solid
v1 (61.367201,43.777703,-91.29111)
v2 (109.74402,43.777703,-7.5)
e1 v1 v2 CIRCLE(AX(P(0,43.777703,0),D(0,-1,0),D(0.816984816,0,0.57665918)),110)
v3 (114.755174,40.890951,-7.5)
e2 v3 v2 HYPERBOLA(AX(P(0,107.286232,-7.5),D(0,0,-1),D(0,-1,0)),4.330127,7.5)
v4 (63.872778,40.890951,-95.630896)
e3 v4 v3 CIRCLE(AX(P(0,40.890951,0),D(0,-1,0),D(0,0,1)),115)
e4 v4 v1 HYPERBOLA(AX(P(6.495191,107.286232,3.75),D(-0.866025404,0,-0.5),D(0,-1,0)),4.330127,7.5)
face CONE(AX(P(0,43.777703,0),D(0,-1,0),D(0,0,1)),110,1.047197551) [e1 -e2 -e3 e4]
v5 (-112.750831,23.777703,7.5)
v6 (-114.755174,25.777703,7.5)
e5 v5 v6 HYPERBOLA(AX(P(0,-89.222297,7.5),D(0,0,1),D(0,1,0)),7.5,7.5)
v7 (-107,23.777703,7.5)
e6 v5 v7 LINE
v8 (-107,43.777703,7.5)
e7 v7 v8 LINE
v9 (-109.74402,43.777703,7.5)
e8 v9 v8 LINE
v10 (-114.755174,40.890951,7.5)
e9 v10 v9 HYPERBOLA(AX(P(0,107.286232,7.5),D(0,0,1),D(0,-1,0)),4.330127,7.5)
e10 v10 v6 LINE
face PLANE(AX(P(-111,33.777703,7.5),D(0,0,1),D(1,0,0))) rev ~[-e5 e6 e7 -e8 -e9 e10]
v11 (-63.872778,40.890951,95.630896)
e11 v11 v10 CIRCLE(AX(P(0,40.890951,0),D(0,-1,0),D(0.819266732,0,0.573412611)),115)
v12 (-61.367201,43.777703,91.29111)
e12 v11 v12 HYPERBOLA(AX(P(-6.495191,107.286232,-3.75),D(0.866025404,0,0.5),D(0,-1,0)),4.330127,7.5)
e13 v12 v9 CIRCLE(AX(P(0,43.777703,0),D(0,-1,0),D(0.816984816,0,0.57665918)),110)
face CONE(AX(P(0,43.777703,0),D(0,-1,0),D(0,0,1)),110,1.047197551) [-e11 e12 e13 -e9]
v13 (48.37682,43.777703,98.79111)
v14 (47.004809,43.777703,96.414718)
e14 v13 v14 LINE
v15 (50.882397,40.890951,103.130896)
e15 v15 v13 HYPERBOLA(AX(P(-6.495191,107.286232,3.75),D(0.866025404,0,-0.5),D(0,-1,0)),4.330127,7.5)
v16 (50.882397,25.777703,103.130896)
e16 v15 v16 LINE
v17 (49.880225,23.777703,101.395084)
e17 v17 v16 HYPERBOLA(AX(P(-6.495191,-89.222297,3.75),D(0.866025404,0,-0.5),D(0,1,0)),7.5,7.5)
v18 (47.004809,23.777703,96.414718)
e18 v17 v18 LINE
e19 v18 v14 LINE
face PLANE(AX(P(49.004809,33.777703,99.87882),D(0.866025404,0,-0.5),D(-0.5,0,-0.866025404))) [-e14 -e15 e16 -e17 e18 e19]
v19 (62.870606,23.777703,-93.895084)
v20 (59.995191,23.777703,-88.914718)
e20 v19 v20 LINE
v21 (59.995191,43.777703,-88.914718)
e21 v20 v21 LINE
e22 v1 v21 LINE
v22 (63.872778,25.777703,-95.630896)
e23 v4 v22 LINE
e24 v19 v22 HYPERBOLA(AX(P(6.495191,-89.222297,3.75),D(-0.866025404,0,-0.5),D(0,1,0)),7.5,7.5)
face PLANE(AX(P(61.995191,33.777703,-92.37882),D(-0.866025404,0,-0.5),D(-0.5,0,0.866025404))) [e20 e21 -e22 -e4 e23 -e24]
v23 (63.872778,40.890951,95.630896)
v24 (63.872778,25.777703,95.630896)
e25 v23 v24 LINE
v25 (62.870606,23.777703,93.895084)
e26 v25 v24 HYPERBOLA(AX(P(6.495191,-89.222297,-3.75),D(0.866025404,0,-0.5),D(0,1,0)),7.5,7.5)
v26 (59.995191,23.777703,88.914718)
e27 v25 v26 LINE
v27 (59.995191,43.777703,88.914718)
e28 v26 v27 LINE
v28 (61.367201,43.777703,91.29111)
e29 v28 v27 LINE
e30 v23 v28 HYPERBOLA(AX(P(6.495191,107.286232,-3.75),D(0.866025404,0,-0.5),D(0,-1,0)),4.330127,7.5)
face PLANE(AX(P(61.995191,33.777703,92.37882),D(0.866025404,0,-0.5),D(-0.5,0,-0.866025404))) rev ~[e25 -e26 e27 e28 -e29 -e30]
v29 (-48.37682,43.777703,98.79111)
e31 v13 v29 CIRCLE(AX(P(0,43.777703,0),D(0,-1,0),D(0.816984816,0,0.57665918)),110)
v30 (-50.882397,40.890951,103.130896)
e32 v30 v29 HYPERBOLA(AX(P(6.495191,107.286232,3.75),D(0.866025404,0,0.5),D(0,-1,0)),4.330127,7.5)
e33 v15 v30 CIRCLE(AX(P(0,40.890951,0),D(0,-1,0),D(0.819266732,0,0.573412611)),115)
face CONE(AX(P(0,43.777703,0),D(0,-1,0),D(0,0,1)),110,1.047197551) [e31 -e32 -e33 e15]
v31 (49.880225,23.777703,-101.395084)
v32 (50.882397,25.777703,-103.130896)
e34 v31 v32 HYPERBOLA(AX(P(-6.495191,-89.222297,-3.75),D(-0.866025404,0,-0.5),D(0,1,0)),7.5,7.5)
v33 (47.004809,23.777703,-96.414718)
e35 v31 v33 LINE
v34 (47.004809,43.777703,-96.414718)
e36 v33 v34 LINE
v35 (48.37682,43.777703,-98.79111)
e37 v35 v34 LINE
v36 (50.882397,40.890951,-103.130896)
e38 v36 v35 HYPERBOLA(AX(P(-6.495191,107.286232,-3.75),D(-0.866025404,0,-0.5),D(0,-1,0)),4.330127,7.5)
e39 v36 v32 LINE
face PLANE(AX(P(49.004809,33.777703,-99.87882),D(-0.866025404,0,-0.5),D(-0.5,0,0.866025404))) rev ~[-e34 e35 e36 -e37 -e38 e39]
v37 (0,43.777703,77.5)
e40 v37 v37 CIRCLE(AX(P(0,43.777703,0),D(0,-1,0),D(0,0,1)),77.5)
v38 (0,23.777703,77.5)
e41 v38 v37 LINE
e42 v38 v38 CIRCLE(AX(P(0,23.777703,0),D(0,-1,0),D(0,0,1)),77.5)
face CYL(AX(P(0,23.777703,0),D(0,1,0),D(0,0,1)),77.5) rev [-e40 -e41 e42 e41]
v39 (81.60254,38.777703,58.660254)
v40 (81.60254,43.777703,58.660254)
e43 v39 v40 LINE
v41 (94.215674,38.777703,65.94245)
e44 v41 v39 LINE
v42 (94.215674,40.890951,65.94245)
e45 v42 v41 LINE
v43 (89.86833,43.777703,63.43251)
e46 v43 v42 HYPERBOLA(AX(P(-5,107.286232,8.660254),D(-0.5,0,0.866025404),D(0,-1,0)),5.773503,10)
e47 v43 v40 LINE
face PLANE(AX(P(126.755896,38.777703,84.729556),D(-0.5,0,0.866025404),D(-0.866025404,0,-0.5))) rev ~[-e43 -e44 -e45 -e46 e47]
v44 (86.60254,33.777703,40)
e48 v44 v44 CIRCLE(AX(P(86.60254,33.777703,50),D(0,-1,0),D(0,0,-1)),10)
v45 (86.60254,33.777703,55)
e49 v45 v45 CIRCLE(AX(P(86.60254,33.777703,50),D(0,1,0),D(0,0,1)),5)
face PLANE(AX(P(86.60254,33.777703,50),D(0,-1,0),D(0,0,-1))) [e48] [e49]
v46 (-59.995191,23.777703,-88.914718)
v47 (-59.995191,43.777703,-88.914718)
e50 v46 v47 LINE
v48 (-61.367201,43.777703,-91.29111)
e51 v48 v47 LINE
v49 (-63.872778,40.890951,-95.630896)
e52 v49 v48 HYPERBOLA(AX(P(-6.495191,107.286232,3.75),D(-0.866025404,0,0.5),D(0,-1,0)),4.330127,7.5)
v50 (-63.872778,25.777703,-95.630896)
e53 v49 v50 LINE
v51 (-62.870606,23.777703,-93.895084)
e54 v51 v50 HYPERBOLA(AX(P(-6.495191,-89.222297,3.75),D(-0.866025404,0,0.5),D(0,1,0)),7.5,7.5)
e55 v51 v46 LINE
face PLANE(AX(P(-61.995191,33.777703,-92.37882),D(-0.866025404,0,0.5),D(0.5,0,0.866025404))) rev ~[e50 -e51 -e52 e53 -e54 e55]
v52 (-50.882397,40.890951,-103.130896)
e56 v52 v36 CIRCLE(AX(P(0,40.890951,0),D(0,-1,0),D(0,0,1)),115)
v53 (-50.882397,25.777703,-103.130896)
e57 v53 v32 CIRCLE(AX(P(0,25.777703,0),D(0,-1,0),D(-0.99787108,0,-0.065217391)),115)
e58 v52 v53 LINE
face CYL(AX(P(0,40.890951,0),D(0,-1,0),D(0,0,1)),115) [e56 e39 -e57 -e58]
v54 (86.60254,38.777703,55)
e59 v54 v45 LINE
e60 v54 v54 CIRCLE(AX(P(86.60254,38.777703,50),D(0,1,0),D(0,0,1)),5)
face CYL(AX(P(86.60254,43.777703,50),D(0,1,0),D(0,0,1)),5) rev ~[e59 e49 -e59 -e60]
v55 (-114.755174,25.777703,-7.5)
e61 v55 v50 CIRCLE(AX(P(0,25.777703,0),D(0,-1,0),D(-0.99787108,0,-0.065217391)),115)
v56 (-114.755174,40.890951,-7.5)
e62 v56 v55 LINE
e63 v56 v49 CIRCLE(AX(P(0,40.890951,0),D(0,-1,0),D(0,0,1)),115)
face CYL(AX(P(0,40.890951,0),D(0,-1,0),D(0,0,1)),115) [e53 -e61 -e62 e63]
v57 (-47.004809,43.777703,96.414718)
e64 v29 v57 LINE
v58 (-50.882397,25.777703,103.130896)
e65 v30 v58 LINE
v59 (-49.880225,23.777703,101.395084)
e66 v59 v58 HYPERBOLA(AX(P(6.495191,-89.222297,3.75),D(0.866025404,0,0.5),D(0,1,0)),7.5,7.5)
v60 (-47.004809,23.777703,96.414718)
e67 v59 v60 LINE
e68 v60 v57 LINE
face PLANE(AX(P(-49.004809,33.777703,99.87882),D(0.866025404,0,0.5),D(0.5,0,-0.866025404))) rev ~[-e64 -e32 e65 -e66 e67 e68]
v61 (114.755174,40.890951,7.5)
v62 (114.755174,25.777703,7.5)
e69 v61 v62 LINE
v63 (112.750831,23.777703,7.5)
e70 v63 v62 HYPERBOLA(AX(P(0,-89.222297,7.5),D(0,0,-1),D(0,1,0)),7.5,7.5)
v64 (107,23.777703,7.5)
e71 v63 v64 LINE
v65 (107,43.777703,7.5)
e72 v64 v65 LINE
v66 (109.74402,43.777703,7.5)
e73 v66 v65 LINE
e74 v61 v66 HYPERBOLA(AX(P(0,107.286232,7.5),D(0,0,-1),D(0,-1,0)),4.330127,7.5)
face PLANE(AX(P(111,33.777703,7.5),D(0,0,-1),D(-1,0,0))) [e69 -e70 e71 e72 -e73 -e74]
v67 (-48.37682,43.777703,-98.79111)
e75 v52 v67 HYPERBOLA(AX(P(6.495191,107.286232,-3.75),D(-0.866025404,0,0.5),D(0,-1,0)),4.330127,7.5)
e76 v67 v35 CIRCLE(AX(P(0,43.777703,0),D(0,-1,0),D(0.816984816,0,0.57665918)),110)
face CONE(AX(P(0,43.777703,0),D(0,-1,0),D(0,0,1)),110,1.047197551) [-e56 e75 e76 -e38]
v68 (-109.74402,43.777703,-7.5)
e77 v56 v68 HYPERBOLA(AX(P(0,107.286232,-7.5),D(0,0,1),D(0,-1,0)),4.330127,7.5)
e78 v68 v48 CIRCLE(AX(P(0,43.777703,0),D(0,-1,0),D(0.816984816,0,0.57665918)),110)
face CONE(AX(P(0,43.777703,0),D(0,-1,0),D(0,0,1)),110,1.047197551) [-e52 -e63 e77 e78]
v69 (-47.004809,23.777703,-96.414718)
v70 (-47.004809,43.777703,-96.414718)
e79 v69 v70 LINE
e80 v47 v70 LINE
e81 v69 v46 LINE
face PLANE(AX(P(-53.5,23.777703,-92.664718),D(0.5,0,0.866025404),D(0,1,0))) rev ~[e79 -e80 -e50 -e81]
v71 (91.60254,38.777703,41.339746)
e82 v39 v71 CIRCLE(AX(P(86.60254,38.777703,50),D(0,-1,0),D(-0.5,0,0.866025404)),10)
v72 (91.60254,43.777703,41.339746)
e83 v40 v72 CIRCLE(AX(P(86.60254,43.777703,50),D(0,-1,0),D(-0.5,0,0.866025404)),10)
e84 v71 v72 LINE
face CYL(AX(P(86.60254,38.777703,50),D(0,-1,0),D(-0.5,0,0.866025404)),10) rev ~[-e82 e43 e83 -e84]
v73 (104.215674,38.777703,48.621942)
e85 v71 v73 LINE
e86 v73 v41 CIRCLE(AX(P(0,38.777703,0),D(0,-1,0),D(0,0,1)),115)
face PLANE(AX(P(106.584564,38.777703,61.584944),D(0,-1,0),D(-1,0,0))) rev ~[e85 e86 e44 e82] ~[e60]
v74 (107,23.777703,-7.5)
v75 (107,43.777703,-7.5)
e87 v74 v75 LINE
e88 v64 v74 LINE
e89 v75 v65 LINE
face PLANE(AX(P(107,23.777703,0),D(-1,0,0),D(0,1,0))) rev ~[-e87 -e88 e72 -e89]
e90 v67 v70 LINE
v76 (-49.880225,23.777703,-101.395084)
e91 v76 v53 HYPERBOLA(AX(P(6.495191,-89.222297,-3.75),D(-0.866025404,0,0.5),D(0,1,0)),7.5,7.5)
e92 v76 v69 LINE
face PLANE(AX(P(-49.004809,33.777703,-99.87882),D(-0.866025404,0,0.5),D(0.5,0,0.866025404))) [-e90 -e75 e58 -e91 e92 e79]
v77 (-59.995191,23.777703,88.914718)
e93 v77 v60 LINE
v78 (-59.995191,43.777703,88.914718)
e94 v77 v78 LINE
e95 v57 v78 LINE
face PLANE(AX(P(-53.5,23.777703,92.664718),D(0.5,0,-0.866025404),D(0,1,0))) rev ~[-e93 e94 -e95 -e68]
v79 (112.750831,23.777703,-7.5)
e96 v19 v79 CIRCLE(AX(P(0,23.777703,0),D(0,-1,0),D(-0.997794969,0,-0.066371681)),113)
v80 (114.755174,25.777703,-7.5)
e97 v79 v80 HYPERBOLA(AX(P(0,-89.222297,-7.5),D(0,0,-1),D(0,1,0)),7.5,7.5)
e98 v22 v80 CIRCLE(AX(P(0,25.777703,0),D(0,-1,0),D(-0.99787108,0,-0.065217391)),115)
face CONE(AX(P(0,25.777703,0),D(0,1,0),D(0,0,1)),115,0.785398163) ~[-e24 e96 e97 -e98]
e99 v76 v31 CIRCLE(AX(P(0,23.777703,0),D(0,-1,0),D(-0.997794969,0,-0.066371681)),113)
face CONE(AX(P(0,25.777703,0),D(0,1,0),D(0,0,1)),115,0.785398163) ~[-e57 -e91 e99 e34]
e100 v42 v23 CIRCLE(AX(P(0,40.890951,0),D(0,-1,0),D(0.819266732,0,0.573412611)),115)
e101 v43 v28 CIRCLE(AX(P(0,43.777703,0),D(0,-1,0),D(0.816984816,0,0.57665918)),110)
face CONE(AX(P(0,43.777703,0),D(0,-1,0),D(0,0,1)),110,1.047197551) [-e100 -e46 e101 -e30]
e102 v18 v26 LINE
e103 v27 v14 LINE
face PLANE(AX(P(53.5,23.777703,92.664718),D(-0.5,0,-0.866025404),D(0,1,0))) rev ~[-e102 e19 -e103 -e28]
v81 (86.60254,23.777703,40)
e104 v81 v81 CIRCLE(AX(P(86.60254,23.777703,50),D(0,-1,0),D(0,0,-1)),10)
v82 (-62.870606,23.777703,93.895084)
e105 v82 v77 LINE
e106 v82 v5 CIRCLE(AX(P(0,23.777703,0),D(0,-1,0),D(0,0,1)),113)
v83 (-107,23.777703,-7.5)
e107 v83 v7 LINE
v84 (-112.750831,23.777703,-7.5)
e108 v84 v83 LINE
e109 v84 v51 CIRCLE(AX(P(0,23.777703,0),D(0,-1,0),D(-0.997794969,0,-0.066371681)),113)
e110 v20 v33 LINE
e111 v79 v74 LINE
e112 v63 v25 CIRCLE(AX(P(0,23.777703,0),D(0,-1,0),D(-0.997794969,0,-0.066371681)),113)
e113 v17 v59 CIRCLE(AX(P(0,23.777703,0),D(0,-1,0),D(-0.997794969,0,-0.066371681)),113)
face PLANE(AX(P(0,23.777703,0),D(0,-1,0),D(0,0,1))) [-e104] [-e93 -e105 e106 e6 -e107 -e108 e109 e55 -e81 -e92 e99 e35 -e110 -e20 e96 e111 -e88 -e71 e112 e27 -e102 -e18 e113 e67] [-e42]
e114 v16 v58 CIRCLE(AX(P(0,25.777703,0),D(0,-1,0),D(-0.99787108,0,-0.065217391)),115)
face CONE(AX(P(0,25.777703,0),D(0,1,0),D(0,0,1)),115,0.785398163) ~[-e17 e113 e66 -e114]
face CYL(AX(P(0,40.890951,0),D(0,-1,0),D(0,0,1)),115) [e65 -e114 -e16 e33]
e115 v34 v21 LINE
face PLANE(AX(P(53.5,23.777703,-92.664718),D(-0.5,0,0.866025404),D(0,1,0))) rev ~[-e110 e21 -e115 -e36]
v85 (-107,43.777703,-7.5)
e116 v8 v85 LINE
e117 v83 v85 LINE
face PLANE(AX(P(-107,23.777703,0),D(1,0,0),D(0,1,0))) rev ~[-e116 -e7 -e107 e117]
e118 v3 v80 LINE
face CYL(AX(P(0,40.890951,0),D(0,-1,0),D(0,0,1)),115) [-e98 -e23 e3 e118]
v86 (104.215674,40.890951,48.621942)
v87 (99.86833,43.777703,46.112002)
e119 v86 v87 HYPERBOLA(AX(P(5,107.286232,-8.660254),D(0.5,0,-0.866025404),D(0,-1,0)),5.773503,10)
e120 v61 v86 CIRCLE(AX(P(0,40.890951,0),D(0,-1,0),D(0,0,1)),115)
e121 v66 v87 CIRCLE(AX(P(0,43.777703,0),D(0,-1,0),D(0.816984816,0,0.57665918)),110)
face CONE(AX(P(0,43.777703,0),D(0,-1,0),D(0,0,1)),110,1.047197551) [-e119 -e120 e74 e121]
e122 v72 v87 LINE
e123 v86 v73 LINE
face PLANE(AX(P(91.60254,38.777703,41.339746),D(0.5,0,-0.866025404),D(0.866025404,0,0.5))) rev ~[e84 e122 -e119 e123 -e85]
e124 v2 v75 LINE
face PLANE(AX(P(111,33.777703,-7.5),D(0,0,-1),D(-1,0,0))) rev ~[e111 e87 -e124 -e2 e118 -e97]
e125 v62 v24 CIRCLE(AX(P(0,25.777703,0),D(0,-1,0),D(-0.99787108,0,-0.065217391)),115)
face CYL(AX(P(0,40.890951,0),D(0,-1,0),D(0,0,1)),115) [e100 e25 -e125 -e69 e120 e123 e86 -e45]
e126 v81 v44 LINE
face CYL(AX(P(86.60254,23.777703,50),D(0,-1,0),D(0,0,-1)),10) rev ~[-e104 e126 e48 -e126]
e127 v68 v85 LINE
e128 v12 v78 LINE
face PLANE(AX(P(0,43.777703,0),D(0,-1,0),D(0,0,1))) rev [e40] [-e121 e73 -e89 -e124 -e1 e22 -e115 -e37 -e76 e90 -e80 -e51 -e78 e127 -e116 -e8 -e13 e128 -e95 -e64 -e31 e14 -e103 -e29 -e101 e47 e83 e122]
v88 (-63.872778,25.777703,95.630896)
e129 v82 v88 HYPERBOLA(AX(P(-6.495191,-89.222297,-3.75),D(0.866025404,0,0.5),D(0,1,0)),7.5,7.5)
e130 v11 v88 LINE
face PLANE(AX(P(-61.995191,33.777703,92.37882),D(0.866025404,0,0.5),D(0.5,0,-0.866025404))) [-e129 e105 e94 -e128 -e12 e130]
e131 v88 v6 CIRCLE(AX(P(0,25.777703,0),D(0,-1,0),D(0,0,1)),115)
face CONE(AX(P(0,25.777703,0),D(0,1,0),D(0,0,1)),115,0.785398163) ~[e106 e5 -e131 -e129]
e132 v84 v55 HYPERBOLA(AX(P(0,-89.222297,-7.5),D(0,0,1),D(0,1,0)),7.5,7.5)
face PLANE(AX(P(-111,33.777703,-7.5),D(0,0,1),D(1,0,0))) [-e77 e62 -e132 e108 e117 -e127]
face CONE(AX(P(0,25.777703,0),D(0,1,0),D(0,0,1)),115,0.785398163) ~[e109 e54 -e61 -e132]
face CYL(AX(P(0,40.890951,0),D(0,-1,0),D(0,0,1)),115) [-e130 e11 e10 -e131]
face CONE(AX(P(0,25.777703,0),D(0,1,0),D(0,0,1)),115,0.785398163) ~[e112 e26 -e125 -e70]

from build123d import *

# Parameters (mm, degrees)
SKETCH_3_R               = 5
CUT_EXTRUDE_1_DEPTH      = 164.859696082
SKETCH_4_R               = 10
CUT_EXTRUDE_2_DEPTH      = 10
CUT_EXTRUDE_START        = -5
CUT_EXTRUDE_3_DEPTH      = 5
CHAMFER_2_SIZE           = 2
SKETCH_7_W               = 8
SKETCH_7_H               = 20
CUT_EXTRUDE_7_DEPTH      = 7.5
PATTERN_CIRCULAR_1_COUNT = 6


with BuildPart() as part:
    # Эскиз1 → Повернуть1 (revolve)
    with BuildSketch(Plane.XY, mode=Mode.PRIVATE) as revolve_1_sk:
        Polygon((115, 23.777702661), (77.5, 23.777702661), (77.5, 43.777702661), (110, 43.777702661), (115, 40.890951315), align=None)
    revolve(revolve_1_sk.sketch.rotate(Axis((0, 147.550331696, 0), (0, -1, 0)), 90), axis=Axis((0, 147.550331696, 0), (0, -1, 0)))

    # Эскиз3 → Вырез-Вытянуть1 (cut, through all)
    with BuildSketch(Plane(origin=(0, 43.777702661, 0), x_dir=(1, 0, 0), z_dir=(0, 1, 0))):
        with Locations(Location((86.602540378, -50, 0), (0, 0, 270))):
            Circle(SKETCH_3_R)
    extrude(amount=-CUT_EXTRUDE_1_DEPTH, mode=Mode.SUBTRACT)

    # Эскиз4 → Вырез-Вытянуть2 (cut)
    with BuildSketch(Plane.XZ.offset(-23.777702661)):
        with Locations(Location((86.602540378, 50, 0), (0, 0, 270))):
            Circle(SKETCH_4_R)
    extrude(amount=-CUT_EXTRUDE_2_DEPTH, mode=Mode.SUBTRACT)

    # Эскиз5 → Вырез-Вытянуть3 (cut)
    with BuildSketch(Plane(origin=(0, 43.777702661, 0), x_dir=(1, 0, 0), z_dir=(0, 1, 0)).offset(CUT_EXTRUDE_START)):
        with BuildLine():
            Line((91.602540378, -41.339745962), (136.199116664, -67.087591285))
            Line((136.199116664, -67.087591285), (126.755895542, -84.729555796))
            Line((126.755895542, -84.729555796), (81.602540378, -58.660254038))
            ThreePointArc((81.602540378, -58.660254038), (77.942286341, -45), (91.602540378, -41.339745962))
        make_face()
    extrude(amount=CUT_EXTRUDE_3_DEPTH, mode=Mode.SUBTRACT)

    # Фаска2
    chamfer_2_edges = [part.edges().sort_by_distance(p)[0] for p in [
        (0, 23.777702661, -115),
    ]]
    chamfer(chamfer_2_edges, length=CHAMFER_2_SIZE)

    # Эскиз7 → Вырез-Вытянуть7 (cut, symmetric)
    with BuildSketch(Plane.XY):
        with Locations((-111, 33.777702661)):
            Rectangle(SKETCH_7_W, SKETCH_7_H)
    cut_extrude_7 = extrude(amount=CUT_EXTRUDE_7_DEPTH, both=True, mode=Mode.SUBTRACT)

    # Круговой массив1: Вырез-Вытянуть7 ×6 about axis
    pattern_circular_1_axis = Axis((0, 0, 0), (0, 1, 0))
    for i in range(1, PATTERN_CIRCULAR_1_COUNT):
        add(cut_extrude_7.rotate(pattern_circular_1_axis, i * 360 / PATTERN_CIRCULAR_1_COUNT), mode=Mode.SUBTRACT)


solid = part.part
